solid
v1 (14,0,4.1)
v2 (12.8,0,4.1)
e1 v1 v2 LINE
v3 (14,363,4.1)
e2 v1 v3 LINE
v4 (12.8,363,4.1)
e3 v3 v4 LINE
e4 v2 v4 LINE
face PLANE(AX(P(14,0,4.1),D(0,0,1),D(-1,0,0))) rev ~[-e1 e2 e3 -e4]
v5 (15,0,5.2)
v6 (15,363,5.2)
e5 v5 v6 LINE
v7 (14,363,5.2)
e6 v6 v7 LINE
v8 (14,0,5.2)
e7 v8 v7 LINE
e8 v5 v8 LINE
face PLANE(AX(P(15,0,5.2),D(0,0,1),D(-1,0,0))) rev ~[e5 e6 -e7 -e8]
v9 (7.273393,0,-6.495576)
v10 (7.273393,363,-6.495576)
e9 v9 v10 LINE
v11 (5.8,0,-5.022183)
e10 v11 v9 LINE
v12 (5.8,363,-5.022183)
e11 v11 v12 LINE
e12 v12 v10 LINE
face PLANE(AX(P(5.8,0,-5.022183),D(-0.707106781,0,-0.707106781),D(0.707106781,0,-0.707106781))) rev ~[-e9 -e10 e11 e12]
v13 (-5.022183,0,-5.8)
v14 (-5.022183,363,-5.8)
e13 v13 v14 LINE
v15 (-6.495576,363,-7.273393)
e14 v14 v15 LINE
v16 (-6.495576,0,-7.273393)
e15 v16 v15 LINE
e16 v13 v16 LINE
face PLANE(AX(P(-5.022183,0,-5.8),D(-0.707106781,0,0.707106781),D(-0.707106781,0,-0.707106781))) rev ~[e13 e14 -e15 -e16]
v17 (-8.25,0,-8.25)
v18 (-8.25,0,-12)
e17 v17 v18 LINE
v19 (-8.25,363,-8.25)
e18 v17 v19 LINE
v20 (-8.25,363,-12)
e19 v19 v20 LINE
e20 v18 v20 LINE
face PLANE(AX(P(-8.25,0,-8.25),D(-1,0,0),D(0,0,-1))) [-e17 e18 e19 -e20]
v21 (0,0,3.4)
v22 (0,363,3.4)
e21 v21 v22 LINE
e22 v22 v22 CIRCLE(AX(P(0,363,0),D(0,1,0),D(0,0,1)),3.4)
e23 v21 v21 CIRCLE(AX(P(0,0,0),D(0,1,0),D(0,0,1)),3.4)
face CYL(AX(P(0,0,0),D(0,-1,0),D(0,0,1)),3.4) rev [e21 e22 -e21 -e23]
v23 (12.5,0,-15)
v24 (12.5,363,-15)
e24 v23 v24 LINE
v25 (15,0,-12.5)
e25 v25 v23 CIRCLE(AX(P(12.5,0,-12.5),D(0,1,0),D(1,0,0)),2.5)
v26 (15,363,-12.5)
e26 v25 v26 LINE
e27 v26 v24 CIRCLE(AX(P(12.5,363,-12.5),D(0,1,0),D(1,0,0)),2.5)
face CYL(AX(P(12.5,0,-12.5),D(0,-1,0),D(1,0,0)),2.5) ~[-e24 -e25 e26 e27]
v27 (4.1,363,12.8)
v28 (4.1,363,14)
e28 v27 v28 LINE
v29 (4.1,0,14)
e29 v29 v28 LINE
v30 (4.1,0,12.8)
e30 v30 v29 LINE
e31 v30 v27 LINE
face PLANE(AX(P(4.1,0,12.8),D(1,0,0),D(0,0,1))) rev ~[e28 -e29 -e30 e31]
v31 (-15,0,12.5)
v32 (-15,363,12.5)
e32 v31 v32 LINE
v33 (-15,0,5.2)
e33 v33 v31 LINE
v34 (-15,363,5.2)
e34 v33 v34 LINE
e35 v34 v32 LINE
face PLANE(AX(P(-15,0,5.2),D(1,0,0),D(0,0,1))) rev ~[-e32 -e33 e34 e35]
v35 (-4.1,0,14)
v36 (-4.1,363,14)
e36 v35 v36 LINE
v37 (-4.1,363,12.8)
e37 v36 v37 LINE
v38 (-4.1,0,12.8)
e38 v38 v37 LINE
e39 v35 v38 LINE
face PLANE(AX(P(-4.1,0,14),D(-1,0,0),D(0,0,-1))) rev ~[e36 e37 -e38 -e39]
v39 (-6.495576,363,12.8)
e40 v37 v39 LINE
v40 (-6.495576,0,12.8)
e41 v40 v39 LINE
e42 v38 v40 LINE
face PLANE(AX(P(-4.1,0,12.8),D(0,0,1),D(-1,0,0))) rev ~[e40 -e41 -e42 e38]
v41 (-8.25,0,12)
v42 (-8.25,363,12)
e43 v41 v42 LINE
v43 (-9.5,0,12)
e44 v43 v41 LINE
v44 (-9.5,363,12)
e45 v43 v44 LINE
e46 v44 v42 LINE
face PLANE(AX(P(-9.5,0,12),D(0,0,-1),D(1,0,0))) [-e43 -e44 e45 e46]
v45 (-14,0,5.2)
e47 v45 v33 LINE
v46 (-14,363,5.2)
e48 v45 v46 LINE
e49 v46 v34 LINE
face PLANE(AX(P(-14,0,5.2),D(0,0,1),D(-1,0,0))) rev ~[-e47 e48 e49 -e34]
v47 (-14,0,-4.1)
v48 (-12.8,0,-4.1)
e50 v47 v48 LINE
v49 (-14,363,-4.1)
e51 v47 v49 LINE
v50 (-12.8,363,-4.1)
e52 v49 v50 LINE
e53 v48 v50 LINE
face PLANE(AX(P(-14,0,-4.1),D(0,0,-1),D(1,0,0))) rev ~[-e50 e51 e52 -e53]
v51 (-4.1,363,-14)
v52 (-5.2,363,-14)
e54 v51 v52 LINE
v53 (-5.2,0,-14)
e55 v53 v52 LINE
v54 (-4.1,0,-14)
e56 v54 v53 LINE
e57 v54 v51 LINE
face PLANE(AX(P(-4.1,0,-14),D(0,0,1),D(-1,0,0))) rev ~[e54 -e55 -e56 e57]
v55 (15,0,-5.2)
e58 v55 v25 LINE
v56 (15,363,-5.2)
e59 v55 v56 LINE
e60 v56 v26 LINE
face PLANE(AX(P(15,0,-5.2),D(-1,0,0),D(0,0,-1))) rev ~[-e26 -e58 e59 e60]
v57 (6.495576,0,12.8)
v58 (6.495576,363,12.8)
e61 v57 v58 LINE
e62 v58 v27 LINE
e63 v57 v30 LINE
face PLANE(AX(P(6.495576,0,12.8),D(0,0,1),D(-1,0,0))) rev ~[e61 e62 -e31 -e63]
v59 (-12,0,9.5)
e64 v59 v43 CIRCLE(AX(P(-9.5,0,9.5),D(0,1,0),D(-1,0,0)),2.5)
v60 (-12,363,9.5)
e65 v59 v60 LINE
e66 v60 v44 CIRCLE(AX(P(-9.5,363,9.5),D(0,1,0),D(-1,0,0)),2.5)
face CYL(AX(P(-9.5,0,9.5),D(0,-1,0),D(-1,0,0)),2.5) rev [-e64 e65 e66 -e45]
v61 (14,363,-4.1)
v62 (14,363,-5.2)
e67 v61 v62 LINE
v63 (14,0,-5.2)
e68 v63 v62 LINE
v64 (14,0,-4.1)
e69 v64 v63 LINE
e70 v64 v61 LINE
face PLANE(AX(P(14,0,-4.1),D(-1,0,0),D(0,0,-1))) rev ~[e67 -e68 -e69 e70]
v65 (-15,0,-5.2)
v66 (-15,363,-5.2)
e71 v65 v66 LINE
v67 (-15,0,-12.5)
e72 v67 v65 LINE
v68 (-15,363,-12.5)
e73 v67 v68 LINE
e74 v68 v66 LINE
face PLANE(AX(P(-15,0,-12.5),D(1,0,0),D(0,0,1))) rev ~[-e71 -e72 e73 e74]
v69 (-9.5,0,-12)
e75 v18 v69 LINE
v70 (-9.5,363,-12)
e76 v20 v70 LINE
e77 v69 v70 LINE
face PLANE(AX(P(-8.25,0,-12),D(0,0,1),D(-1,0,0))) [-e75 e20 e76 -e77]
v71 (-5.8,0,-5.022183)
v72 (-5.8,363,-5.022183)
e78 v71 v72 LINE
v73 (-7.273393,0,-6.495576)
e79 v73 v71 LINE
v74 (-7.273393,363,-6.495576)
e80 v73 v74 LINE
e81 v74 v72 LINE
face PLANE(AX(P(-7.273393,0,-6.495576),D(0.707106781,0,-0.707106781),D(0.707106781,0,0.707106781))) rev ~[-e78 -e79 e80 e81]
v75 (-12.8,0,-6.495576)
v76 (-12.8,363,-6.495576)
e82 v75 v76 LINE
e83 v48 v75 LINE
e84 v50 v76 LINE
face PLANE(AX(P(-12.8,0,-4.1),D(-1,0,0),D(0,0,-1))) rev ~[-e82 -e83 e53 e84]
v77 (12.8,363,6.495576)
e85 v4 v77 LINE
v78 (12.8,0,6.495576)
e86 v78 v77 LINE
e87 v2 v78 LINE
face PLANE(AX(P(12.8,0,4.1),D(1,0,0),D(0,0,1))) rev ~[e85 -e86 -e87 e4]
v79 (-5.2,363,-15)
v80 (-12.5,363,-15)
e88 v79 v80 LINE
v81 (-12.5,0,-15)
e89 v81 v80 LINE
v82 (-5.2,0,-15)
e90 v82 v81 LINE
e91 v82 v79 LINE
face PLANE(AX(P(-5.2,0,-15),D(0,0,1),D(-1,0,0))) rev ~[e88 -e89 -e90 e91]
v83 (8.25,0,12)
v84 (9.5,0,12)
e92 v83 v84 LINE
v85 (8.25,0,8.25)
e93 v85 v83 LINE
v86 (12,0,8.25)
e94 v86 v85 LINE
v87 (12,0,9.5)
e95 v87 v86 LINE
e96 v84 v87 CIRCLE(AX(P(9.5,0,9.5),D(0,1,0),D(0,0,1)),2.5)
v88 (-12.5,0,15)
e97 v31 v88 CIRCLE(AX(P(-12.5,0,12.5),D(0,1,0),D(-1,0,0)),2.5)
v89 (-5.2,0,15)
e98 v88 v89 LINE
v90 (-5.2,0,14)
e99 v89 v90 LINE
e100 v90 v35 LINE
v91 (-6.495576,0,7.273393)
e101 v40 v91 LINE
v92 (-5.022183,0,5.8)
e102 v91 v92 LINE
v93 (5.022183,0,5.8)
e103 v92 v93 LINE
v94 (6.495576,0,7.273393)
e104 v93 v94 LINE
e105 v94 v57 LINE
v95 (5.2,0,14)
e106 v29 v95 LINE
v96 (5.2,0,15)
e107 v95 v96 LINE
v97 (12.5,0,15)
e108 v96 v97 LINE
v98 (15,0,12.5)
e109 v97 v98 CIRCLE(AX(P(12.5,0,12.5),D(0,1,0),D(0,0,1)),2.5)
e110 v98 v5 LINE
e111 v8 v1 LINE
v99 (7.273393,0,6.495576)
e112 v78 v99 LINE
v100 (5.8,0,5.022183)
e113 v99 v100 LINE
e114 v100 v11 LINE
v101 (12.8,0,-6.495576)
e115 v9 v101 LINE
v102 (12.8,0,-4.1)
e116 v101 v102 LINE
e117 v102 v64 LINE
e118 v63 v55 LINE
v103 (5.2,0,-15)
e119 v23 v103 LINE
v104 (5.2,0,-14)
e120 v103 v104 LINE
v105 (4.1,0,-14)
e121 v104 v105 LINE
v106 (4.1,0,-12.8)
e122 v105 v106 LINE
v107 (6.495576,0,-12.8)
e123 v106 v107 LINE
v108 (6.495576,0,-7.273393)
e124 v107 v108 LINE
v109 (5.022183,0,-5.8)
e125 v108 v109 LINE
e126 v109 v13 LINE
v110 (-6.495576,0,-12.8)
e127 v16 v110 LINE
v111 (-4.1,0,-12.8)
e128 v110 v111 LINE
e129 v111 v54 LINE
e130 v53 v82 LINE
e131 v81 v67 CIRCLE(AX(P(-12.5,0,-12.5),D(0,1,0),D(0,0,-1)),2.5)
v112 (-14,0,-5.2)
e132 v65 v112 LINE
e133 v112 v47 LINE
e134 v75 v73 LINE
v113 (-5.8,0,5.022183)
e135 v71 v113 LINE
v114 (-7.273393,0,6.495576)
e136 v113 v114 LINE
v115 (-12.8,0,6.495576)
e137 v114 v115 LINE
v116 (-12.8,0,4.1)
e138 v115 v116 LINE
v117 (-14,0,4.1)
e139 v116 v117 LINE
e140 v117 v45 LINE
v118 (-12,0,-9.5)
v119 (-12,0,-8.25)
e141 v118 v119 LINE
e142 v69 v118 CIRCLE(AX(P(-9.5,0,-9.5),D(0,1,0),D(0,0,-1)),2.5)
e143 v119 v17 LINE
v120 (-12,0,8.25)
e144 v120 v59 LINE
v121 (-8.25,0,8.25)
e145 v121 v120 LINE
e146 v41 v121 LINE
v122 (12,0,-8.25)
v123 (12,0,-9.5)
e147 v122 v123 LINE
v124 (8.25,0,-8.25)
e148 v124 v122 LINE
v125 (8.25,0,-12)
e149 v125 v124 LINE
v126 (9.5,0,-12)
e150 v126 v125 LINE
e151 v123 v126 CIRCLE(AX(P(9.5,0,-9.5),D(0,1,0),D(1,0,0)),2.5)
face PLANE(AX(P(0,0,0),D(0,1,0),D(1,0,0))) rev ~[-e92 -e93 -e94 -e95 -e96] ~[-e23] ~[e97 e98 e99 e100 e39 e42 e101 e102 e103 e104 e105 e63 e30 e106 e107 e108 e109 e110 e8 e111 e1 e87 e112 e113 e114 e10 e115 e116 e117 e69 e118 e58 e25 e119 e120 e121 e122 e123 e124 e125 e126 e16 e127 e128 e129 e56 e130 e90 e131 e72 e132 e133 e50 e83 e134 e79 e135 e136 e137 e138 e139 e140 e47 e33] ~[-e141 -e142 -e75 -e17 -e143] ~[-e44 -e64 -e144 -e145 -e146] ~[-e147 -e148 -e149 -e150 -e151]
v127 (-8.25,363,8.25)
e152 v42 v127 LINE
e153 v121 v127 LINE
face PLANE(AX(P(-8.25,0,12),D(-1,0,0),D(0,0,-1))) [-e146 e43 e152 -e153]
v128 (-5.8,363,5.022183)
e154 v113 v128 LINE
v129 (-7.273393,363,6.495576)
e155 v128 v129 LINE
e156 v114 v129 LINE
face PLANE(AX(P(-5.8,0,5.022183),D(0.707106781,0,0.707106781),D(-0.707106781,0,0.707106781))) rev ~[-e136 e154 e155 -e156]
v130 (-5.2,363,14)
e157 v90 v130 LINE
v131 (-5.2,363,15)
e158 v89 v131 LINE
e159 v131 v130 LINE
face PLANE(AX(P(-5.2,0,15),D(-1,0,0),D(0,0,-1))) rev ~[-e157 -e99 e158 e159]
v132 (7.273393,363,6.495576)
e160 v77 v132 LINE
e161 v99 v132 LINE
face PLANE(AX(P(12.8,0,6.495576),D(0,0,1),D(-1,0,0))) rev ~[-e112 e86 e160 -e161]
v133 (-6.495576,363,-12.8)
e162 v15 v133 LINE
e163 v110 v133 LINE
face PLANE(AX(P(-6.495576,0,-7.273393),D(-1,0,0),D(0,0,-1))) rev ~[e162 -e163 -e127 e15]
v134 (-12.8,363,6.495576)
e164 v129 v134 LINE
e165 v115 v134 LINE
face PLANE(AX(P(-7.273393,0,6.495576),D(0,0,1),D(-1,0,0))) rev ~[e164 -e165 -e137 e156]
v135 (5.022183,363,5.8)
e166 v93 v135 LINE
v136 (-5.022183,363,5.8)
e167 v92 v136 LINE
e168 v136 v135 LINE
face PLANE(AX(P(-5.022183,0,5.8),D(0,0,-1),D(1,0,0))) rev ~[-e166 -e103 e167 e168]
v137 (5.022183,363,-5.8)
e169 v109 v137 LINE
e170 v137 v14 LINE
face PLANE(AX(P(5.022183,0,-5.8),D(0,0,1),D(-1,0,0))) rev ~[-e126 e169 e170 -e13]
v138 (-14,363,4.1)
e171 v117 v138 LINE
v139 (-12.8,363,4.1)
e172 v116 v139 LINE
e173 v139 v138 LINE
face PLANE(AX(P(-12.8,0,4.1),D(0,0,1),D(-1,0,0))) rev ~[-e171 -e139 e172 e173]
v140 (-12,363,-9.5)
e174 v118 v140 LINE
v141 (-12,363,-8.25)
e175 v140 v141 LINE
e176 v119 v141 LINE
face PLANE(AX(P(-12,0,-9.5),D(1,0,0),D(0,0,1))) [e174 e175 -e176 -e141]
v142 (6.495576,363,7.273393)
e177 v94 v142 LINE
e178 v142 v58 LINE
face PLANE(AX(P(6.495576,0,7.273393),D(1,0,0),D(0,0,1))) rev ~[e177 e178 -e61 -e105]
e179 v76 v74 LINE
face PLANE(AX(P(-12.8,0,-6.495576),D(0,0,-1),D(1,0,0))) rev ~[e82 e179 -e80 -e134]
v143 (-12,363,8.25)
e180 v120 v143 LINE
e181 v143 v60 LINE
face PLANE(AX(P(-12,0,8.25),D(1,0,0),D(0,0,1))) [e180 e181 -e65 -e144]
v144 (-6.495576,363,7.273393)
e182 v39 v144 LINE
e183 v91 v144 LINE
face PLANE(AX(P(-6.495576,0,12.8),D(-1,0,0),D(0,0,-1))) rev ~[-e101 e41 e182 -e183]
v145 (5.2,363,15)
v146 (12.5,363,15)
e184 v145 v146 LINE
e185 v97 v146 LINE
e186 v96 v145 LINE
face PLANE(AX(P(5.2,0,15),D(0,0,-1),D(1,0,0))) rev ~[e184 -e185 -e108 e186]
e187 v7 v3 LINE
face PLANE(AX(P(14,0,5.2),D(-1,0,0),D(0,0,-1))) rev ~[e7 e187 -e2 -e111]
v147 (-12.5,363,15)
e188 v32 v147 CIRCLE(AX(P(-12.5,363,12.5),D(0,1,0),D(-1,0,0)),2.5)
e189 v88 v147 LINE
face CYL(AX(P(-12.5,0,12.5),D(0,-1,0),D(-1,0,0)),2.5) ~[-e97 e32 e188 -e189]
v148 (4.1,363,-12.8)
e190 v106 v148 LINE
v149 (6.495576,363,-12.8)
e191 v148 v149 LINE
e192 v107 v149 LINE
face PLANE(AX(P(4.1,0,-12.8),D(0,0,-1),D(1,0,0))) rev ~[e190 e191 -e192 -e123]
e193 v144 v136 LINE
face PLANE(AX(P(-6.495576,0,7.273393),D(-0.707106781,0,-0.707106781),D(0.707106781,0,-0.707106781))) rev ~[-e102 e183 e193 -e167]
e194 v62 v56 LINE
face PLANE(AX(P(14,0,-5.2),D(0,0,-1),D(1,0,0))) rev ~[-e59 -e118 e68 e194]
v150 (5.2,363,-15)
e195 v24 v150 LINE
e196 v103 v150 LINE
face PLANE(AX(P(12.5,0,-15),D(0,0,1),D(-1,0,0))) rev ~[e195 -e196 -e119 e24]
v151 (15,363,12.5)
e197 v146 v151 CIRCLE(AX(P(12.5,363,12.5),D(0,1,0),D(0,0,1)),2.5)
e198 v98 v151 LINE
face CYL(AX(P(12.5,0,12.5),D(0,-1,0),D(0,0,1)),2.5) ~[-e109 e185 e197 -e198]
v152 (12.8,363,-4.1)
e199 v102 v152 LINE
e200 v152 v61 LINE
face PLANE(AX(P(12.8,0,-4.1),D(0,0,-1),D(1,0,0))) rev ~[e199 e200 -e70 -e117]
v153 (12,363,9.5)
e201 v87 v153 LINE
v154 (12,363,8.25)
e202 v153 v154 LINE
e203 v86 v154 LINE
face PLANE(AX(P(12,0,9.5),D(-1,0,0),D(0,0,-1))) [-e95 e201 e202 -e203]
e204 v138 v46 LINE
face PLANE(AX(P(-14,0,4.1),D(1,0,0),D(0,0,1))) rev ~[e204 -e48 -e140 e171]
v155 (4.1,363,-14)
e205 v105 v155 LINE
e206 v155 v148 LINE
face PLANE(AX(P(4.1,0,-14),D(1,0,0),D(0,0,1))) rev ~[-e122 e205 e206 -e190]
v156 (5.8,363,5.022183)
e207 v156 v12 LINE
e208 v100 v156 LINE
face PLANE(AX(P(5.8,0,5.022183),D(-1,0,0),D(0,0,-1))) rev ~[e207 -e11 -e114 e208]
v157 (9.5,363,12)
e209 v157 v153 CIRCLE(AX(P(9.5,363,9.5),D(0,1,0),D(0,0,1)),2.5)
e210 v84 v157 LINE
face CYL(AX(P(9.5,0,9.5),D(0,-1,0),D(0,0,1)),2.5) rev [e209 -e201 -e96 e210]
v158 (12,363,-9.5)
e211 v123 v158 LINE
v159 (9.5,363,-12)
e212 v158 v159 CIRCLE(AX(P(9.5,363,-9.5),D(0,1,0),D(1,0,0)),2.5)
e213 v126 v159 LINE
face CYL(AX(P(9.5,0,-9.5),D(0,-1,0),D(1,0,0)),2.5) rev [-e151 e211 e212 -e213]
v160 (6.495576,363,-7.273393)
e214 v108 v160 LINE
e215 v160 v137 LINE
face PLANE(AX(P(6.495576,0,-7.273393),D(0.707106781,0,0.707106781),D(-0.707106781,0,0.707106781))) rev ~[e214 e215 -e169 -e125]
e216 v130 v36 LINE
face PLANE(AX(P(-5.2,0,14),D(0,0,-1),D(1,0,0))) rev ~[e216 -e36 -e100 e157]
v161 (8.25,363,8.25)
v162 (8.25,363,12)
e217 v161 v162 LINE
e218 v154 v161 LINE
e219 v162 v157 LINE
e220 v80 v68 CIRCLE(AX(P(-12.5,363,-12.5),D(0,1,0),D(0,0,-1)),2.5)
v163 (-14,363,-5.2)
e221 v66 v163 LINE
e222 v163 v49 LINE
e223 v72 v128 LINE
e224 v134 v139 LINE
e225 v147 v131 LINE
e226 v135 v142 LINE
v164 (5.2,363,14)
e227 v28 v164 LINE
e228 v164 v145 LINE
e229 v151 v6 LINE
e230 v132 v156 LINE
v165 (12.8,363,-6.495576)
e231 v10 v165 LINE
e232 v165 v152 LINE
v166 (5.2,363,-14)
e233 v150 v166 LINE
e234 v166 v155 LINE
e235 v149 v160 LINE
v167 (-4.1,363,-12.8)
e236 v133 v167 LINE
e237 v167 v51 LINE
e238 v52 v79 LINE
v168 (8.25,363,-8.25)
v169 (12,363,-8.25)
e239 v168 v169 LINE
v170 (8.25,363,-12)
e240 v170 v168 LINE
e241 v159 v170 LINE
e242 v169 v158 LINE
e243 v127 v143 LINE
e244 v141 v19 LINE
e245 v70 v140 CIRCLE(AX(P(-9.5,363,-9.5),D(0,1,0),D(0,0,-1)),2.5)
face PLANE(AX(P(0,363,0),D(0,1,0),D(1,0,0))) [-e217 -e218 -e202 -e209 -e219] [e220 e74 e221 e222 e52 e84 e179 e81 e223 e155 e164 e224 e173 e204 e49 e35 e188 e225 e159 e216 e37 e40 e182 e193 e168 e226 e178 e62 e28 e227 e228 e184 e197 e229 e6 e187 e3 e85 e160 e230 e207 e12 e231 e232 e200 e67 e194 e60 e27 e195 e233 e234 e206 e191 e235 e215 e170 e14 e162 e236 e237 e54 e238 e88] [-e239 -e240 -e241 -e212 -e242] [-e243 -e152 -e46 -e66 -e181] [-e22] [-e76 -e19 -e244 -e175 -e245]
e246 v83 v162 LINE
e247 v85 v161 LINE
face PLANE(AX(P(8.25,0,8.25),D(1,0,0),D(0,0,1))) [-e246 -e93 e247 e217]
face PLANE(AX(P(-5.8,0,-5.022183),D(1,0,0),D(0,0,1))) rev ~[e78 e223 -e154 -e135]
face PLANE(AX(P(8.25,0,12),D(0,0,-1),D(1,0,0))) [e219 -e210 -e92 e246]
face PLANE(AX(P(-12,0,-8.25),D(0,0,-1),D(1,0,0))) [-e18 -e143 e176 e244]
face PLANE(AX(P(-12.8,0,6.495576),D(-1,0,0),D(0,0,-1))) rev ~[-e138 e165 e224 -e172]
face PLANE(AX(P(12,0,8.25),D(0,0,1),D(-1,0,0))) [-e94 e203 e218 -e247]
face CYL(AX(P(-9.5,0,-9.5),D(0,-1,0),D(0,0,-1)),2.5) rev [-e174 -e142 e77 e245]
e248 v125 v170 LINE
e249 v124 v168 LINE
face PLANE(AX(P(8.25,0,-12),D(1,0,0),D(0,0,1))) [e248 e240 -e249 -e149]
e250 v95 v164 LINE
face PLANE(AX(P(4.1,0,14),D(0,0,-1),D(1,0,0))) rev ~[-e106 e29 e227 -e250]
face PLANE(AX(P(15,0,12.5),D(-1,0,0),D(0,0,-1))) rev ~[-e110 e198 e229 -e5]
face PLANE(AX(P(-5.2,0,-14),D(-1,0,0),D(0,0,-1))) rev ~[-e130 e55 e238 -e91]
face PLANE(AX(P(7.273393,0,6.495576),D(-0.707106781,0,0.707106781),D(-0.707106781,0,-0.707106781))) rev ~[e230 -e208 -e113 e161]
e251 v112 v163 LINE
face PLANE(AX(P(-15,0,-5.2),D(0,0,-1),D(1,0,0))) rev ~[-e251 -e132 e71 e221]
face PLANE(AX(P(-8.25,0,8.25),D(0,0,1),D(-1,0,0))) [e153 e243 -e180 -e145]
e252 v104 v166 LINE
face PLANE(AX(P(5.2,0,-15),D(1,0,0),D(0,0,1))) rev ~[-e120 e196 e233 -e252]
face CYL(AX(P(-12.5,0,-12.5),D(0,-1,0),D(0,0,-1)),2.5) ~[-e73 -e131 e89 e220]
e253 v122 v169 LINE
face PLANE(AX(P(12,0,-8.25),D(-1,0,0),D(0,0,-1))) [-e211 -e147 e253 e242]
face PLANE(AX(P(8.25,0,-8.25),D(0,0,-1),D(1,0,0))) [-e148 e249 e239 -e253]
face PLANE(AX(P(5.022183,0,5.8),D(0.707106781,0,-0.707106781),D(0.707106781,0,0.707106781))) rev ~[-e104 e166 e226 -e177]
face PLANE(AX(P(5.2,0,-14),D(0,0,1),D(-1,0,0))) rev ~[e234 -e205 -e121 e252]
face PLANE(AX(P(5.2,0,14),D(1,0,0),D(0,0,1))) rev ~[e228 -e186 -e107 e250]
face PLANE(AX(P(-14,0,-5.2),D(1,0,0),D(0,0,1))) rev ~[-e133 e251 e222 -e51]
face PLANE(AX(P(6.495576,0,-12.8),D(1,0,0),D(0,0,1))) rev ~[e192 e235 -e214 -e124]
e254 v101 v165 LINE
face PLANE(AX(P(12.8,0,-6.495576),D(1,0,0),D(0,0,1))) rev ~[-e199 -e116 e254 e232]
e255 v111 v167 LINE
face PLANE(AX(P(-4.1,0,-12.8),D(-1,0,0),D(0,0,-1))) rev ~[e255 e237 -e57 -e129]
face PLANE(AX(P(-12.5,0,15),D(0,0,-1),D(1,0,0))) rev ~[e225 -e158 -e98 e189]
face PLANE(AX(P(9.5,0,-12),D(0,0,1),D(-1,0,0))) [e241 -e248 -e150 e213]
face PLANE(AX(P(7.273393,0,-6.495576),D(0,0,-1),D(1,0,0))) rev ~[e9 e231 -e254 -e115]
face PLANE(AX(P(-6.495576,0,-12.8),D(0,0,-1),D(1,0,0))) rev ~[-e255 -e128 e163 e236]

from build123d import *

# Parameters (mm, degrees)
SKETCH_1_R      = 3.4
EXTRUDE_1_DEPTH = 363


with BuildPart() as part:
    # 草图1 → 凸台-拉伸1 (new body)
    with BuildSketch(Plane(origin=(0, 0, 0), x_dir=(1, 0, 0), z_dir=(0, 1, 0))):
        with BuildLine():
            Line((-12.8, 4.1), (-12.8, 6.495575748))
            Line((-12.8, 6.495575748), (-7.273393207, 6.495575748))
            Line((-7.273393207, 6.495575748), (-5.8, 5.022182541))
            Line((-5.8, 5.022182541), (-5.8, 0))
            Line((-5.8, 0), (-5.8, -5.022182541))
            Line((-5.8, -5.022182541), (-7.273393207, -6.495575748))
            Line((-7.273393207, -6.495575748), (-12.8, -6.495575748))
            Line((-12.8, -6.495575748), (-12.8, -4.1))
            Line((-12.8, -4.1), (-14, -4.1))
            Line((-14, -4.1), (-14, -5.2))
            Line((-14, -5.2), (-15, -5.2))
            Line((-15, -5.2), (-15, -12.5))
            ThreePointArc((-15, -12.5), (-14.267766953, -14.267766953), (-12.5, -15))
            Line((-12.5, -15), (-5.2, -15))
            Line((-5.2, -15), (-5.2, -14))
            Line((-5.2, -14), (-4.1, -14))
            Line((-4.1, -14), (-4.1, -12.8))
            Line((-4.1, -12.8), (-6.495575748, -12.8))
            Line((-6.495575748, -12.8), (-6.495575748, -7.273393207))
            Line((-6.495575748, -7.273393207), (-5.022182541, -5.8))
            Line((-5.022182541, -5.8), (0, -5.8))
            Line((0, -5.8), (5.022182541, -5.8))
            Line((5.022182541, -5.8), (6.495575748, -7.273393207))
            Line((6.495575748, -7.273393207), (6.495575748, -12.8))
            Line((6.495575748, -12.8), (4.1, -12.8))
            Line((4.1, -12.8), (4.1, -14))
            Line((4.1, -14), (5.2, -14))
            Line((5.2, -14), (5.2, -15))
            Line((5.2, -15), (12.5, -15))
            ThreePointArc((12.5, -15), (14.267766953, -14.267766953), (15, -12.5))
            Line((15, -12.5), (15, -5.2))
            Line((15, -5.2), (14, -5.2))
            Line((14, -5.2), (14, -4.1))
            Line((14, -4.1), (12.8, -4.1))
            Line((12.8, -4.1), (12.8, -6.495575748))
            Line((12.8, -6.495575748), (7.273393207, -6.495575748))
            Line((7.273393207, -6.495575748), (5.8, -5.022182541))
            Line((5.8, -5.022182541), (5.8, 0))
            Line((5.8, 0), (5.8, 5.022182541))
            Line((5.8, 5.022182541), (7.273393207, 6.495575748))
            Line((7.273393207, 6.495575748), (12.8, 6.495575748))
            Line((12.8, 6.495575748), (12.8, 4.1))
            Line((12.8, 4.1), (14, 4.1))
            Line((14, 4.1), (14, 5.2))
            Line((14, 5.2), (15, 5.2))
            Line((15, 5.2), (15, 12.5))
            ThreePointArc((15, 12.5), (14.267766953, 14.267766953), (12.5, 15))
            Line((12.5, 15), (5.2, 15))
            Line((5.2, 15), (5.2, 14))
            Line((5.2, 14), (4.1, 14))
            Line((4.1, 14), (4.1, 12.8))
            Line((4.1, 12.8), (6.495575748, 12.8))
            Line((6.495575748, 12.8), (6.495575748, 7.273393207))
            Line((6.495575748, 7.273393207), (5.022182541, 5.8))
            Line((5.022182541, 5.8), (0, 5.8))
            Line((0, 5.8), (-5.022182541, 5.8))
            Line((-5.022182541, 5.8), (-6.495575748, 7.273393207))
            Line((-6.495575748, 7.273393207), (-6.495575748, 12.8))
            Line((-6.495575748, 12.8), (-4.1, 12.8))
            Line((-4.1, 12.8), (-4.1, 14))
            Line((-4.1, 14), (-5.2, 14))
            Line((-5.2, 14), (-5.2, 15))
            Line((-5.2, 15), (-12.5, 15))
            ThreePointArc((-12.5, 15), (-14.267766953, 14.267766953), (-15, 12.5))
            Line((-15, 12.5), (-15, 5.2))
            Line((-15, 5.2), (-14, 5.2))
            Line((-14, 5.2), (-14, 4.1))
            Line((-14, 4.1), (-12.8, 4.1))
        make_face()
        with Locations(Location((0, 0, 0), (0, 0, 270))):
            Circle(SKETCH_1_R, mode=Mode.SUBTRACT)
        with BuildLine():
            Line((-12, 9.5), (-12, 8.25))
            Line((-12, 8.25), (-8.25, 8.25))
            Line((-8.25, 8.25), (-8.25, 12))
            Line((-8.25, 12), (-9.5, 12))
            ThreePointArc((-9.5, 12), (-11.267766953, 11.267766953), (-12, 9.5))
        make_face(mode=Mode.SUBTRACT)
        with BuildLine():
            Line((9.5, 12), (8.25, 12))
            Line((8.25, 12), (8.25, 8.25))
            Line((8.25, 8.25), (12, 8.25))
            Line((12, 8.25), (12, 9.5))
            ThreePointArc((12, 9.5), (11.267766953, 11.267766953), (9.5, 12))
        make_face(mode=Mode.SUBTRACT)
        with BuildLine():
            Line((12, -9.5), (12, -8.25))
            Line((12, -8.25), (8.25, -8.25))
            Line((8.25, -8.25), (8.25, -12))
            Line((8.25, -12), (9.5, -12))
            ThreePointArc((9.5, -12), (11.267766953, -11.267766953), (12, -9.5))
        make_face(mode=Mode.SUBTRACT)
        with BuildLine():
            Line((-9.5, -12), (-8.25, -12))
            Line((-8.25, -12), (-8.25, -8.25))
            Line((-8.25, -8.25), (-12, -8.25))
            Line((-12, -8.25), (-12, -9.5))
            ThreePointArc((-12, -9.5), (-11.267766953, -11.267766953), (-9.5, -12))
        make_face(mode=Mode.SUBTRACT)
    extrude(amount=EXTRUDE_1_DEPTH)


solid = part.part
